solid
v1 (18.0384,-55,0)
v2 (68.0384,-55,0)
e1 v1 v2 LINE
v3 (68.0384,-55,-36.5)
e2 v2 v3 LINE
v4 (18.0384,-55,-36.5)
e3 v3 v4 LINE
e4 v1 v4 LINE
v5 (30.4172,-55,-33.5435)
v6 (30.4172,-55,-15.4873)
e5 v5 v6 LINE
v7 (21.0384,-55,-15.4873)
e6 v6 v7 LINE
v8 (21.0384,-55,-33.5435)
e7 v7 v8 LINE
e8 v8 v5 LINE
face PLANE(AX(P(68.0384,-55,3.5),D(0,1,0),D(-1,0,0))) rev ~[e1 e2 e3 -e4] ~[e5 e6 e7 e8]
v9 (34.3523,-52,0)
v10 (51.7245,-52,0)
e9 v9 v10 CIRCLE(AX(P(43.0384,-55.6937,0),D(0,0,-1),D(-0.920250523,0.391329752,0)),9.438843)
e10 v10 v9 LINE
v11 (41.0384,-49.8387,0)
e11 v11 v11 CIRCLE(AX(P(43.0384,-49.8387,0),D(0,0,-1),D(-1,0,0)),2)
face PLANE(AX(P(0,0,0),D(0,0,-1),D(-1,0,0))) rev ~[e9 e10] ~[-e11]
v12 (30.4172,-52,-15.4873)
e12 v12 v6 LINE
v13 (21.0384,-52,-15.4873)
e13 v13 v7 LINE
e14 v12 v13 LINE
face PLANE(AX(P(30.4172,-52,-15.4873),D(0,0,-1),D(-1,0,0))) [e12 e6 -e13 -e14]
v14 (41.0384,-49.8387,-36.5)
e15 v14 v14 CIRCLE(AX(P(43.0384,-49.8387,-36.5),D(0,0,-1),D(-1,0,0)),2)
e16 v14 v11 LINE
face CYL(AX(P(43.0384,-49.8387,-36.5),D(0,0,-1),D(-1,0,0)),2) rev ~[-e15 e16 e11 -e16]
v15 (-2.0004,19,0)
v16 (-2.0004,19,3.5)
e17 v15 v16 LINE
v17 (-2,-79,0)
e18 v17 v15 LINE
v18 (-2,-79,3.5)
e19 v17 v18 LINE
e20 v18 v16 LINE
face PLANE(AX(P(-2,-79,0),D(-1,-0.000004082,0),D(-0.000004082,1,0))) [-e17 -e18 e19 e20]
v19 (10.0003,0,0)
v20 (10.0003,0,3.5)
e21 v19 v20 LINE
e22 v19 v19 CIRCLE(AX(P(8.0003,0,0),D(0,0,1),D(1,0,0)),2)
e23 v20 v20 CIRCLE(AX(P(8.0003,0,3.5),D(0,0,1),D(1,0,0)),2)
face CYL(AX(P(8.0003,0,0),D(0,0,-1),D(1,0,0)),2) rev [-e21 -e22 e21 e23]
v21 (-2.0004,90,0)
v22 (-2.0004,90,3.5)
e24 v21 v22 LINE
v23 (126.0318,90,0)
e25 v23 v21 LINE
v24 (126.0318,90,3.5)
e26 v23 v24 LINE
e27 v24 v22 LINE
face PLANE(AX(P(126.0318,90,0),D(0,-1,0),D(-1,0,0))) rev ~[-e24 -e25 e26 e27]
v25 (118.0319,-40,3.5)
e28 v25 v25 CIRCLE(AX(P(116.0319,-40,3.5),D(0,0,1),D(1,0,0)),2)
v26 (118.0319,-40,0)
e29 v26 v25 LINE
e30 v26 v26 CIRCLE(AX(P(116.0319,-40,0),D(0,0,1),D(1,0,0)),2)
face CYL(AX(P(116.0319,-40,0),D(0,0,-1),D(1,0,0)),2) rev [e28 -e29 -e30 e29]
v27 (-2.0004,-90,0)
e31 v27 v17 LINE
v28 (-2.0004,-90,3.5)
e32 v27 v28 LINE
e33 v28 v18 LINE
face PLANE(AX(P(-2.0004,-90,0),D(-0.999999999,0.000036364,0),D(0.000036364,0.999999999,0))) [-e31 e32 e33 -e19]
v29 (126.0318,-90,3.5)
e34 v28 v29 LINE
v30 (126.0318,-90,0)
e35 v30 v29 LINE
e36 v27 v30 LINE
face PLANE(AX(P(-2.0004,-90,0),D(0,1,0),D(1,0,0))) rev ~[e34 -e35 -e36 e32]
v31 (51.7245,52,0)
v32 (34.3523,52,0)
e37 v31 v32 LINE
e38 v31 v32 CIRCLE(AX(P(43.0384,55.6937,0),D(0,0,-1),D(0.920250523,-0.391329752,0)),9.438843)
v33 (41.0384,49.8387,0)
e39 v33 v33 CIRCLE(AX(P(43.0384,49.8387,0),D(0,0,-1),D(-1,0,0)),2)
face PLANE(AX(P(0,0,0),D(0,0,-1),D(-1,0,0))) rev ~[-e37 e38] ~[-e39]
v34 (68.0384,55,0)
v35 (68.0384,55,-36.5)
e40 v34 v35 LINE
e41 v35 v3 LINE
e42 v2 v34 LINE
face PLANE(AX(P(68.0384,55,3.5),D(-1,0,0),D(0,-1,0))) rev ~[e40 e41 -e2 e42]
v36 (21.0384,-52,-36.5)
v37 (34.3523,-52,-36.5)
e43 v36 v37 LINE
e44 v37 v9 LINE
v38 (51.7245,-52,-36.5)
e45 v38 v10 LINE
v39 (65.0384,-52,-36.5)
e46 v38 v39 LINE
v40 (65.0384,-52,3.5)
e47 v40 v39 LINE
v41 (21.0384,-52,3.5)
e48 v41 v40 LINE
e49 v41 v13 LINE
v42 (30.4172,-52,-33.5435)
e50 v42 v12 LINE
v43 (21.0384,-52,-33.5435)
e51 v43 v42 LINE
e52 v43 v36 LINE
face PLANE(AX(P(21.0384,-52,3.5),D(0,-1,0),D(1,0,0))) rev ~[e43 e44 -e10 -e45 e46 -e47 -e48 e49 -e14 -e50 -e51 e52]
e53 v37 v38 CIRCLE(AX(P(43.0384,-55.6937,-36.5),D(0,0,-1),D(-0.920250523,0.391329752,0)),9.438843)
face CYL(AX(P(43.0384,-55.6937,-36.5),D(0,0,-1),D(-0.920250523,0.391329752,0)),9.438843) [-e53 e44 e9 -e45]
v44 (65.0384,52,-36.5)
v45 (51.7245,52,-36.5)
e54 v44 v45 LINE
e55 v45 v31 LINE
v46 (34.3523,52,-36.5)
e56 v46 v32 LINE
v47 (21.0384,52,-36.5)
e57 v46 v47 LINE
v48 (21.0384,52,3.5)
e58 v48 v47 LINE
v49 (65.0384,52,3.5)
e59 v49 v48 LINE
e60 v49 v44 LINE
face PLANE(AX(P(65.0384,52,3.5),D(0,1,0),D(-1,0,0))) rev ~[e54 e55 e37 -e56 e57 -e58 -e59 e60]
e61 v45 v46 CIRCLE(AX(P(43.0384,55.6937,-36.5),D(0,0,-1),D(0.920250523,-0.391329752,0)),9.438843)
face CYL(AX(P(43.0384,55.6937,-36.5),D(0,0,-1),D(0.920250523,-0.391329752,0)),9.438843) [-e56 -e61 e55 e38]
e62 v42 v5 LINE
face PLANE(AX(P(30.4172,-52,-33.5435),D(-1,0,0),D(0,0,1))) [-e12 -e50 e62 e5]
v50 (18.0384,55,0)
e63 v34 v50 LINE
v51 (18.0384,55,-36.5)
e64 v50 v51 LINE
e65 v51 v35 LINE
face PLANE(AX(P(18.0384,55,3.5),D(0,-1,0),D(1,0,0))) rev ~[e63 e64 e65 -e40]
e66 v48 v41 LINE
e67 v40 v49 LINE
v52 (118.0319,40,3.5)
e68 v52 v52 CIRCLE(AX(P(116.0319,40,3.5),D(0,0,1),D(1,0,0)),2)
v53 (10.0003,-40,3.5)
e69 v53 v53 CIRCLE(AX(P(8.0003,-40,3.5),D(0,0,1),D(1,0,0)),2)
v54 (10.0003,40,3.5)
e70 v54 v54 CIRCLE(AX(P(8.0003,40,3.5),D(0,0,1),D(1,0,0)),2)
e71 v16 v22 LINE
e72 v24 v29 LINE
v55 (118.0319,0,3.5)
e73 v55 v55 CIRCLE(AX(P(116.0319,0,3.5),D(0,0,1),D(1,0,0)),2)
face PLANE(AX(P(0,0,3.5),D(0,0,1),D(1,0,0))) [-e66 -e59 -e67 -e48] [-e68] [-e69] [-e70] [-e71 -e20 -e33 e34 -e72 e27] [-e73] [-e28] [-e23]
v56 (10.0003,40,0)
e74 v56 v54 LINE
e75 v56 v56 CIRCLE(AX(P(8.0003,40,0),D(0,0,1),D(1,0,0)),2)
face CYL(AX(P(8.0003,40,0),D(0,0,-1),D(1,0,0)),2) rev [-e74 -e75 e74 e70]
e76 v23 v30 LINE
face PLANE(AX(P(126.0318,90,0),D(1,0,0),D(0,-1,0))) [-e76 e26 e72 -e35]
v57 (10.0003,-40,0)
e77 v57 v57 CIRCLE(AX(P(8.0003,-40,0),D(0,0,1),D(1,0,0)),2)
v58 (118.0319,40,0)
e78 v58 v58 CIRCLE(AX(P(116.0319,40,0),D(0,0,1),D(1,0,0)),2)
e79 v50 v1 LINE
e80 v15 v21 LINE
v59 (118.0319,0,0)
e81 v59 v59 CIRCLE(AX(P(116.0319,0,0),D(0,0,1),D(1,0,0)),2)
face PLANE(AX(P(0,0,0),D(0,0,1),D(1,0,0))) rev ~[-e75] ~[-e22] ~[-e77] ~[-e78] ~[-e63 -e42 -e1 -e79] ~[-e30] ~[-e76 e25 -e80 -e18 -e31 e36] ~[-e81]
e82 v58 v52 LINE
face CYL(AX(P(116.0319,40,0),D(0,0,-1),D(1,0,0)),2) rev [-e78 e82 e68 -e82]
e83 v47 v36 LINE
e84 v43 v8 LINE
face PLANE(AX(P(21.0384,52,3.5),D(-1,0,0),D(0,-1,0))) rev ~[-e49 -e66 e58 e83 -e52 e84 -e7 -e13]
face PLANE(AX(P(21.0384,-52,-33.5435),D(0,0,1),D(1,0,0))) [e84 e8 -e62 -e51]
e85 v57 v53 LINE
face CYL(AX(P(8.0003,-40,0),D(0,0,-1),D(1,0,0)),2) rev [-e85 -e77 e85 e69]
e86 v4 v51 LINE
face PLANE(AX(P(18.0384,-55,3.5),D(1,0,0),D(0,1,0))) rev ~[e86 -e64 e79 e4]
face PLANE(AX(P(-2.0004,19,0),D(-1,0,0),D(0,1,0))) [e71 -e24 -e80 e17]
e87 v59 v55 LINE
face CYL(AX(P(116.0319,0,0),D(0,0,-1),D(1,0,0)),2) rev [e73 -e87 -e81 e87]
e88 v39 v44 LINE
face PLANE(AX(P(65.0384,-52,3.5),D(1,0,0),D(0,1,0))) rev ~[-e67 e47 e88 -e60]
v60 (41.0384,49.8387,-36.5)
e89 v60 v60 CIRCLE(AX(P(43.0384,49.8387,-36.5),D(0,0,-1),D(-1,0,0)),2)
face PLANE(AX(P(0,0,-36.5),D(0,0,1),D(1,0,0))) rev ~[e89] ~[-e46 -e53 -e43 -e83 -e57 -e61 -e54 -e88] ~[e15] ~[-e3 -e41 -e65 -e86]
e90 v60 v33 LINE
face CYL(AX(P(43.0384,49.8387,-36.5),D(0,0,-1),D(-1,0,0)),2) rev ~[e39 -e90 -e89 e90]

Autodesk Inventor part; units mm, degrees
ref_plane "YZ Plane" through (0, 0, 0) normal (1, 0, 0) x (0, 1, 0)
ref_plane "XZ Plane" through (0, 0, 0) normal (0, 1, 0) x (-1, 0, 0)
ref_plane "XY Plane" through (0, 0, 0) normal (0, 0, 1) x (1, 0, 0)
sketch "Эскиз1" plane through (0, 0, 0) normal (0, 0, 1) x (1, 0, 0)
  line L0 (126.0318, 90) -> (126.0318, -90) projected
  line L1 (-2.0004, 19) -> (-2.0004, 90) projected
  circle A0 centre (8.0003, 40) radius 2 projected
  circle A1 centre (8.0003, 0) radius 2 projected
  circle A2 centre (8.0003, -40) radius 2 projected
  circle A3 centre (116.0319, 40) radius 2 projected
  circle A4 centre (116.0319, 0) radius 2 projected
  circle A5 centre (116.0319, -40) radius 2 projected
  line L2 (-2, -79) -> (-2, 19) projected
  line L3 (-2.0004, -90) -> (-2.0004, -79) projected
  line L4 (126.0318, 90) -> (-2.0004, 90)
  line L5 (-2.0004, 90) -> (-2.0004, -90)
  line L6 (-2.0004, -90) -> (126.0318, -90)
  line L7 (126.0318, -90) -> (126.0318, 90)
  line L8 (68.0384, 55) -> (18.0384, 55)
  line L9 (18.0384, 55) -> (18.0384, -55)
  line L10 (18.0384, -55) -> (68.0384, -55)
  line L11 (68.0384, -55) -> (68.0384, 55)
  point P0 (0, 0)
  dimension "d0" = 50
  dimension "d1" = 110
  dimension "d2" = 180
  dimension "d3" = 35
extrude "Выдавливание1" add sketch "Эскиз1" along normal blind 3.5
sketch "Эскиз2" plane through (0, 0, 3.5) normal (0, 0, 1) x (1, 0, 0)
  line L0 (18.0384, -55) -> (18.0384, 55) projected
  line L1 (18.0384, 55) -> (68.0384, 55) projected
  line L2 (68.0384, 55) -> (68.0384, -55) projected
  line L3 (68.0384, -55) -> (18.0384, -55) projected
  line L4 (65.0384, 52) -> (21.0384, 52)
  line L5 (21.0384, 52) -> (21.0384, -52)
  line L6 (21.0384, -52) -> (65.0384, -52)
  line L7 (65.0384, -52) -> (65.0384, 52)
  point P0 (0, 0)
  dimension "d6" = 3
  dimension "d7" = 3
  dimension "d8" = 3
  dimension "d9" = 3
extrude "Выдавливание2" add sketch "Эскиз2" against normal blind 40
sketch "Эскиз3" plane through (0, 0, -36.5) normal (0, 0, -1) x (-1, 0, 0)
  line L0 (-65.0384, -52) -> (-21.0384, -52) projected
  arc A0 (-34.3523, -52) -> (-51.7245, -52) centre (-43.0384, -55.6937) ccw
  circle A1 centre (-43.0384, -49.8387) radius 2
  line L1 (0, 0) -> (-84.8604, 0) construction
  arc A2 (-51.7245, 52) -> (-34.3523, 52) centre (-43.0384, 55.6937) ccw
  circle A3 centre (-43.0384, 49.8387) radius 2
  line L2 (-34.3523, -52) -> (-51.7245, -52)
  line L3 (-51.7245, 52) -> (-34.3523, 52)
  line L4 (-21.0384, 52) -> (-65.0384, 52) projected
  dimension "d12" = 44
  dimension "d13" = 22
  dimension "d14" = 4
extrude "Выдавливание3" add sketch "Эскиз3" against normal blind 36.5
sketch "Эскиз4" plane through (21.0384, -52, 3.5) normal (0, 1, 0) x (1, 0, 0)
  line L0 (0, 0) -> (0, 40) projected
  line L1 (0, 37.0435) -> (9.3788, 37.0435)
  line L2 (9.3788, 37.0435) -> (9.3788, 18.9873)
  line L3 (9.3788, 18.9873) -> (0, 18.9873)
  line L4 (0, 18.9873) -> (0, 37.0435)
  point P0 (-21.0384, 3.5)
extrude "Выдавливание4" cut sketch "Эскиз4" against normal blind 4
equation "\"d3\" = -0.5 * d1 + 0.5 * d2"
properties part number "battery_case"
